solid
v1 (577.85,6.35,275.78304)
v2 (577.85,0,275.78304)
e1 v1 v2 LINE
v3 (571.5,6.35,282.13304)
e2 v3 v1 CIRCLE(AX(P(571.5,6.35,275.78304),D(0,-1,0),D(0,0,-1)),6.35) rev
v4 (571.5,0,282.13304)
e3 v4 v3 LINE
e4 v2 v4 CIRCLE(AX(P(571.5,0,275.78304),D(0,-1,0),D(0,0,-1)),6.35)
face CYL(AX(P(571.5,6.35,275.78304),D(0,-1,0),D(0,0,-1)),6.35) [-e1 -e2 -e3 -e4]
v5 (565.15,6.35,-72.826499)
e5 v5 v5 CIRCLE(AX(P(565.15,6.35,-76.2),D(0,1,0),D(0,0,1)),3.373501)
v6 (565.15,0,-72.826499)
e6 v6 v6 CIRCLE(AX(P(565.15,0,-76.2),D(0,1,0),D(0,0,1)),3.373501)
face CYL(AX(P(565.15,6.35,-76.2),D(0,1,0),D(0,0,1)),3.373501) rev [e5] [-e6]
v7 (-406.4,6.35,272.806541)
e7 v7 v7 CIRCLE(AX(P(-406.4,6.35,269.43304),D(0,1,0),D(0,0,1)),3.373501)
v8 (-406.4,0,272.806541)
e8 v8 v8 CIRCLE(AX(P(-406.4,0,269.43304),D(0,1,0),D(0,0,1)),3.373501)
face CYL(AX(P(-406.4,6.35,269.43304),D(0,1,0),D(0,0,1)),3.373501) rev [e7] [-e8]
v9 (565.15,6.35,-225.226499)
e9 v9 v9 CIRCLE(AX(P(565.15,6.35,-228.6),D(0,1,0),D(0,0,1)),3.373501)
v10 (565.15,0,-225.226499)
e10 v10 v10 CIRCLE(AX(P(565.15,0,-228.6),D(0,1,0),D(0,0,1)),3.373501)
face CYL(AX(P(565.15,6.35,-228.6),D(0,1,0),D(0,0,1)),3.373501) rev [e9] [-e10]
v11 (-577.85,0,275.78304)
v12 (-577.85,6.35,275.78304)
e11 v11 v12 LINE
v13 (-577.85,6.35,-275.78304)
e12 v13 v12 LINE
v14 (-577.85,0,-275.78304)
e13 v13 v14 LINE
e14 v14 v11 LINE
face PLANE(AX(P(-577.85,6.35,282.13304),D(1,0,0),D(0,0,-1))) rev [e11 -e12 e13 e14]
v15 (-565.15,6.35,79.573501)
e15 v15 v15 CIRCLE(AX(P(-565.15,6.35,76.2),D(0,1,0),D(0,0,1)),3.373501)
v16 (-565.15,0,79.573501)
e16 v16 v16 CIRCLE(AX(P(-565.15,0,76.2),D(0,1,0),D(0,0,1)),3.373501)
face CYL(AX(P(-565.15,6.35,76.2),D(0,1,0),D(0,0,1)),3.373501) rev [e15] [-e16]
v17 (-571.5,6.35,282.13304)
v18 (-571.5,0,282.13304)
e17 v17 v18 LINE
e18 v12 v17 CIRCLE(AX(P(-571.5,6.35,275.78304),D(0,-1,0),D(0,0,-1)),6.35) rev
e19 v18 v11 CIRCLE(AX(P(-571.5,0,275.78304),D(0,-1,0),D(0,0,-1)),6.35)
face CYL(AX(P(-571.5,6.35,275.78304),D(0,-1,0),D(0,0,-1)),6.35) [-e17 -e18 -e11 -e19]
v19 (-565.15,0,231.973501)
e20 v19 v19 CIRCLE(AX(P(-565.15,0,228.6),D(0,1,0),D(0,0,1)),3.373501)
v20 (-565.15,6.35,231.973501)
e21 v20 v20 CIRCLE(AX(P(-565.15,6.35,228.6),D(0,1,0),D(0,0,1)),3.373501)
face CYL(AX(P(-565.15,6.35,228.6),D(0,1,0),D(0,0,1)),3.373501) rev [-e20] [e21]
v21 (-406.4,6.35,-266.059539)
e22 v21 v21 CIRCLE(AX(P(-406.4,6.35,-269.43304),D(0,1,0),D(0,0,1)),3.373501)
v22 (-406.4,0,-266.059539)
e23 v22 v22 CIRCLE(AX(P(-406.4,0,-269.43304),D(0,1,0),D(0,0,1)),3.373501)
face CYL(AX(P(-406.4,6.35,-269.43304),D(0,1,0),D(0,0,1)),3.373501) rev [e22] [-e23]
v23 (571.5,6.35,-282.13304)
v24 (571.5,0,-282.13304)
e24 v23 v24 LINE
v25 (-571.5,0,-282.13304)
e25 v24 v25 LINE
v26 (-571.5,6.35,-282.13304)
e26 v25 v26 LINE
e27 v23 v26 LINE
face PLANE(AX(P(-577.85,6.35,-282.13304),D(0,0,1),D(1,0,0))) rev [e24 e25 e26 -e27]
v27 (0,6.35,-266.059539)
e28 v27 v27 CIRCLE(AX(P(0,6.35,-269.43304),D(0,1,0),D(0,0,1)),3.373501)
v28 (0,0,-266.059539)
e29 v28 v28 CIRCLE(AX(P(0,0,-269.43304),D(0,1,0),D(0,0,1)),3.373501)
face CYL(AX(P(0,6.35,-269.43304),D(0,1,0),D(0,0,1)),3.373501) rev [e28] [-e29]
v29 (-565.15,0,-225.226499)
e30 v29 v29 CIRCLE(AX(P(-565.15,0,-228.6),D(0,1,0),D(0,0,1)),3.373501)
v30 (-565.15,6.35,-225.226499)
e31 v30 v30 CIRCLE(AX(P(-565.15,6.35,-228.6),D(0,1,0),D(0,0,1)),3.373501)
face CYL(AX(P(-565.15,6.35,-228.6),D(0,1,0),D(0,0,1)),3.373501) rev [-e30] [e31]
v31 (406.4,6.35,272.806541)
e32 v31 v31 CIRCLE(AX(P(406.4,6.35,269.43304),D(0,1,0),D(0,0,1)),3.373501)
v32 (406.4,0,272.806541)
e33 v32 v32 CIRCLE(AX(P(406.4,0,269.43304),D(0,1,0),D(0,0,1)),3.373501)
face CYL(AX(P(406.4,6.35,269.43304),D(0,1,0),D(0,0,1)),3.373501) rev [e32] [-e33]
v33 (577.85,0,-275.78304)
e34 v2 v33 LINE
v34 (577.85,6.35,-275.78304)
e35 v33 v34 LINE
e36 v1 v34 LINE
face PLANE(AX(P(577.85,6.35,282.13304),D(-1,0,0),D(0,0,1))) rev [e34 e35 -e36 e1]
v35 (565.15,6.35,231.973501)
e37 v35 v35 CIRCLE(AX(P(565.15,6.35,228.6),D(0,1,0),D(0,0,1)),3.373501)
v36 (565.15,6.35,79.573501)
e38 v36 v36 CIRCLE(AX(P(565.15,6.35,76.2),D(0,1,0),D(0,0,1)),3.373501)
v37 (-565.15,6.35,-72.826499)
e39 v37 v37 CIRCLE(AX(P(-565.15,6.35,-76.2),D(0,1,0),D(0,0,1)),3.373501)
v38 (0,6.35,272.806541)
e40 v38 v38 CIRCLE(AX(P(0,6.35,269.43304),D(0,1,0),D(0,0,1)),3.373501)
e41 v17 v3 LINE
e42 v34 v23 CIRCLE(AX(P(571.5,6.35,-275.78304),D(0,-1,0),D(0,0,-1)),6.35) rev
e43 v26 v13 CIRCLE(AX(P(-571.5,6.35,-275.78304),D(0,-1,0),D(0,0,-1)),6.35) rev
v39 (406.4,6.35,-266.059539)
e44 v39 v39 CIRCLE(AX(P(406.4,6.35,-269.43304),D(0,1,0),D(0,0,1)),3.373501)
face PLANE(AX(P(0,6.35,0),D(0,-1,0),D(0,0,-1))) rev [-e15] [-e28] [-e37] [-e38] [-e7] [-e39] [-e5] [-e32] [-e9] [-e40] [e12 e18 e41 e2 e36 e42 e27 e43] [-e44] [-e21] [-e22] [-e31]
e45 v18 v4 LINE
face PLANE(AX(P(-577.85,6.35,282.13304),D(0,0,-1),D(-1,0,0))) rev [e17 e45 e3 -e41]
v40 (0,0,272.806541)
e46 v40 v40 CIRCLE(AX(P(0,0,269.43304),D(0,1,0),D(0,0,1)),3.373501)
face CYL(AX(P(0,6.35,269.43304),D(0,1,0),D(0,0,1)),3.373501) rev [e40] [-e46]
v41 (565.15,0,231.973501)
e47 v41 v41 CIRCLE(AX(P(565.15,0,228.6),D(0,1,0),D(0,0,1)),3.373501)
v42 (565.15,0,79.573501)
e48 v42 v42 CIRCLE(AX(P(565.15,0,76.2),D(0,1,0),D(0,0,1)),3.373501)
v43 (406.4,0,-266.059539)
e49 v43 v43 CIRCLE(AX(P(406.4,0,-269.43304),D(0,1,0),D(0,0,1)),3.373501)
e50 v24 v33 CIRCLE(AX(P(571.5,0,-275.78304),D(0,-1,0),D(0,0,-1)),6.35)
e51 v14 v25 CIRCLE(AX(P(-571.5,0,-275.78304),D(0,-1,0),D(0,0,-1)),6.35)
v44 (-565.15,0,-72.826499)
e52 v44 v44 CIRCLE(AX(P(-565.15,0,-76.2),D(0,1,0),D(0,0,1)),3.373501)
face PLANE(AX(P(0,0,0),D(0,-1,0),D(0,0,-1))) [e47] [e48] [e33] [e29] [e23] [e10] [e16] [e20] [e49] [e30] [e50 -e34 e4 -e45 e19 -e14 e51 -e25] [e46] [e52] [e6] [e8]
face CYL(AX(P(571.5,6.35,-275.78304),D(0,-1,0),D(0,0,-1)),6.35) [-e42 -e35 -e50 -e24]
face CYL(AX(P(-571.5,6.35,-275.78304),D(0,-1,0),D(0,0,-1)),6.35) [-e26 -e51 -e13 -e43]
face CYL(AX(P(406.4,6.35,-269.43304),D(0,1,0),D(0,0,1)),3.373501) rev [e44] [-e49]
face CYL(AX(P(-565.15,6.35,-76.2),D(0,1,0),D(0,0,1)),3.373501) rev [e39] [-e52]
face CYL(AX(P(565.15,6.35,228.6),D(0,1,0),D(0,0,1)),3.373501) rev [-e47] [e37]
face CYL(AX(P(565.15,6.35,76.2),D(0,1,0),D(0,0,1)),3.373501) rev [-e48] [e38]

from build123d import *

# Parameters (mm, degrees)
SKETCH1_W                        = 1155.7
SKETCH1_H                        = 564.26608
BOSS_EXTRUDE1_DEPTH              = 6.35
FILLET1_R                        = 6.35
F_17_64_0_26563_DIAMETER_HOLE1_D = 6.747002


with BuildPart() as part:
    # Sketch1 → Boss-Extrude1 (new body)
    with BuildSketch(Plane(origin=(0, 0, 0), x_dir=(1, 0, 0), z_dir=(0, 1, 0))):
        Rectangle(SKETCH1_W, SKETCH1_H)
    extrude(amount=BOSS_EXTRUDE1_DEPTH)

    # Fillet1
    fillet1_edges = [part.edges().sort_by_distance(p)[0] for p in [
        (577.85, 3.175, 282.13304),
        (-577.85, 3.175, 282.13304),
        (-577.85, 3.175, -282.13304),
        (577.85, 3.175, -282.13304),
    ]]
    fillet(fillet1_edges, radius=FILLET1_R)

    # 17/64 (0.26563) Diameter Hole1 (through all)
    with Locations(Plane(origin=(0, 6.35, 0), x_dir=(1, 0, 0), z_dir=(0, 1, 0))):
        with Locations((-565.15, 228.6), (-565.15, 76.2), (-565.15, -76.2), (-565.15, -228.6), (565.15, 228.6), (565.15, 76.2), (565.15, -76.2), (565.15, -228.6), (-406.4, 269.43304), (0, 269.43304), (406.4, 269.43304), (406.4, -269.43304), (0, -269.43304), (-406.4, -269.43304)):
            Hole(F_17_64_0_26563_DIAMETER_HOLE1_D / 2)


solid = part.part
